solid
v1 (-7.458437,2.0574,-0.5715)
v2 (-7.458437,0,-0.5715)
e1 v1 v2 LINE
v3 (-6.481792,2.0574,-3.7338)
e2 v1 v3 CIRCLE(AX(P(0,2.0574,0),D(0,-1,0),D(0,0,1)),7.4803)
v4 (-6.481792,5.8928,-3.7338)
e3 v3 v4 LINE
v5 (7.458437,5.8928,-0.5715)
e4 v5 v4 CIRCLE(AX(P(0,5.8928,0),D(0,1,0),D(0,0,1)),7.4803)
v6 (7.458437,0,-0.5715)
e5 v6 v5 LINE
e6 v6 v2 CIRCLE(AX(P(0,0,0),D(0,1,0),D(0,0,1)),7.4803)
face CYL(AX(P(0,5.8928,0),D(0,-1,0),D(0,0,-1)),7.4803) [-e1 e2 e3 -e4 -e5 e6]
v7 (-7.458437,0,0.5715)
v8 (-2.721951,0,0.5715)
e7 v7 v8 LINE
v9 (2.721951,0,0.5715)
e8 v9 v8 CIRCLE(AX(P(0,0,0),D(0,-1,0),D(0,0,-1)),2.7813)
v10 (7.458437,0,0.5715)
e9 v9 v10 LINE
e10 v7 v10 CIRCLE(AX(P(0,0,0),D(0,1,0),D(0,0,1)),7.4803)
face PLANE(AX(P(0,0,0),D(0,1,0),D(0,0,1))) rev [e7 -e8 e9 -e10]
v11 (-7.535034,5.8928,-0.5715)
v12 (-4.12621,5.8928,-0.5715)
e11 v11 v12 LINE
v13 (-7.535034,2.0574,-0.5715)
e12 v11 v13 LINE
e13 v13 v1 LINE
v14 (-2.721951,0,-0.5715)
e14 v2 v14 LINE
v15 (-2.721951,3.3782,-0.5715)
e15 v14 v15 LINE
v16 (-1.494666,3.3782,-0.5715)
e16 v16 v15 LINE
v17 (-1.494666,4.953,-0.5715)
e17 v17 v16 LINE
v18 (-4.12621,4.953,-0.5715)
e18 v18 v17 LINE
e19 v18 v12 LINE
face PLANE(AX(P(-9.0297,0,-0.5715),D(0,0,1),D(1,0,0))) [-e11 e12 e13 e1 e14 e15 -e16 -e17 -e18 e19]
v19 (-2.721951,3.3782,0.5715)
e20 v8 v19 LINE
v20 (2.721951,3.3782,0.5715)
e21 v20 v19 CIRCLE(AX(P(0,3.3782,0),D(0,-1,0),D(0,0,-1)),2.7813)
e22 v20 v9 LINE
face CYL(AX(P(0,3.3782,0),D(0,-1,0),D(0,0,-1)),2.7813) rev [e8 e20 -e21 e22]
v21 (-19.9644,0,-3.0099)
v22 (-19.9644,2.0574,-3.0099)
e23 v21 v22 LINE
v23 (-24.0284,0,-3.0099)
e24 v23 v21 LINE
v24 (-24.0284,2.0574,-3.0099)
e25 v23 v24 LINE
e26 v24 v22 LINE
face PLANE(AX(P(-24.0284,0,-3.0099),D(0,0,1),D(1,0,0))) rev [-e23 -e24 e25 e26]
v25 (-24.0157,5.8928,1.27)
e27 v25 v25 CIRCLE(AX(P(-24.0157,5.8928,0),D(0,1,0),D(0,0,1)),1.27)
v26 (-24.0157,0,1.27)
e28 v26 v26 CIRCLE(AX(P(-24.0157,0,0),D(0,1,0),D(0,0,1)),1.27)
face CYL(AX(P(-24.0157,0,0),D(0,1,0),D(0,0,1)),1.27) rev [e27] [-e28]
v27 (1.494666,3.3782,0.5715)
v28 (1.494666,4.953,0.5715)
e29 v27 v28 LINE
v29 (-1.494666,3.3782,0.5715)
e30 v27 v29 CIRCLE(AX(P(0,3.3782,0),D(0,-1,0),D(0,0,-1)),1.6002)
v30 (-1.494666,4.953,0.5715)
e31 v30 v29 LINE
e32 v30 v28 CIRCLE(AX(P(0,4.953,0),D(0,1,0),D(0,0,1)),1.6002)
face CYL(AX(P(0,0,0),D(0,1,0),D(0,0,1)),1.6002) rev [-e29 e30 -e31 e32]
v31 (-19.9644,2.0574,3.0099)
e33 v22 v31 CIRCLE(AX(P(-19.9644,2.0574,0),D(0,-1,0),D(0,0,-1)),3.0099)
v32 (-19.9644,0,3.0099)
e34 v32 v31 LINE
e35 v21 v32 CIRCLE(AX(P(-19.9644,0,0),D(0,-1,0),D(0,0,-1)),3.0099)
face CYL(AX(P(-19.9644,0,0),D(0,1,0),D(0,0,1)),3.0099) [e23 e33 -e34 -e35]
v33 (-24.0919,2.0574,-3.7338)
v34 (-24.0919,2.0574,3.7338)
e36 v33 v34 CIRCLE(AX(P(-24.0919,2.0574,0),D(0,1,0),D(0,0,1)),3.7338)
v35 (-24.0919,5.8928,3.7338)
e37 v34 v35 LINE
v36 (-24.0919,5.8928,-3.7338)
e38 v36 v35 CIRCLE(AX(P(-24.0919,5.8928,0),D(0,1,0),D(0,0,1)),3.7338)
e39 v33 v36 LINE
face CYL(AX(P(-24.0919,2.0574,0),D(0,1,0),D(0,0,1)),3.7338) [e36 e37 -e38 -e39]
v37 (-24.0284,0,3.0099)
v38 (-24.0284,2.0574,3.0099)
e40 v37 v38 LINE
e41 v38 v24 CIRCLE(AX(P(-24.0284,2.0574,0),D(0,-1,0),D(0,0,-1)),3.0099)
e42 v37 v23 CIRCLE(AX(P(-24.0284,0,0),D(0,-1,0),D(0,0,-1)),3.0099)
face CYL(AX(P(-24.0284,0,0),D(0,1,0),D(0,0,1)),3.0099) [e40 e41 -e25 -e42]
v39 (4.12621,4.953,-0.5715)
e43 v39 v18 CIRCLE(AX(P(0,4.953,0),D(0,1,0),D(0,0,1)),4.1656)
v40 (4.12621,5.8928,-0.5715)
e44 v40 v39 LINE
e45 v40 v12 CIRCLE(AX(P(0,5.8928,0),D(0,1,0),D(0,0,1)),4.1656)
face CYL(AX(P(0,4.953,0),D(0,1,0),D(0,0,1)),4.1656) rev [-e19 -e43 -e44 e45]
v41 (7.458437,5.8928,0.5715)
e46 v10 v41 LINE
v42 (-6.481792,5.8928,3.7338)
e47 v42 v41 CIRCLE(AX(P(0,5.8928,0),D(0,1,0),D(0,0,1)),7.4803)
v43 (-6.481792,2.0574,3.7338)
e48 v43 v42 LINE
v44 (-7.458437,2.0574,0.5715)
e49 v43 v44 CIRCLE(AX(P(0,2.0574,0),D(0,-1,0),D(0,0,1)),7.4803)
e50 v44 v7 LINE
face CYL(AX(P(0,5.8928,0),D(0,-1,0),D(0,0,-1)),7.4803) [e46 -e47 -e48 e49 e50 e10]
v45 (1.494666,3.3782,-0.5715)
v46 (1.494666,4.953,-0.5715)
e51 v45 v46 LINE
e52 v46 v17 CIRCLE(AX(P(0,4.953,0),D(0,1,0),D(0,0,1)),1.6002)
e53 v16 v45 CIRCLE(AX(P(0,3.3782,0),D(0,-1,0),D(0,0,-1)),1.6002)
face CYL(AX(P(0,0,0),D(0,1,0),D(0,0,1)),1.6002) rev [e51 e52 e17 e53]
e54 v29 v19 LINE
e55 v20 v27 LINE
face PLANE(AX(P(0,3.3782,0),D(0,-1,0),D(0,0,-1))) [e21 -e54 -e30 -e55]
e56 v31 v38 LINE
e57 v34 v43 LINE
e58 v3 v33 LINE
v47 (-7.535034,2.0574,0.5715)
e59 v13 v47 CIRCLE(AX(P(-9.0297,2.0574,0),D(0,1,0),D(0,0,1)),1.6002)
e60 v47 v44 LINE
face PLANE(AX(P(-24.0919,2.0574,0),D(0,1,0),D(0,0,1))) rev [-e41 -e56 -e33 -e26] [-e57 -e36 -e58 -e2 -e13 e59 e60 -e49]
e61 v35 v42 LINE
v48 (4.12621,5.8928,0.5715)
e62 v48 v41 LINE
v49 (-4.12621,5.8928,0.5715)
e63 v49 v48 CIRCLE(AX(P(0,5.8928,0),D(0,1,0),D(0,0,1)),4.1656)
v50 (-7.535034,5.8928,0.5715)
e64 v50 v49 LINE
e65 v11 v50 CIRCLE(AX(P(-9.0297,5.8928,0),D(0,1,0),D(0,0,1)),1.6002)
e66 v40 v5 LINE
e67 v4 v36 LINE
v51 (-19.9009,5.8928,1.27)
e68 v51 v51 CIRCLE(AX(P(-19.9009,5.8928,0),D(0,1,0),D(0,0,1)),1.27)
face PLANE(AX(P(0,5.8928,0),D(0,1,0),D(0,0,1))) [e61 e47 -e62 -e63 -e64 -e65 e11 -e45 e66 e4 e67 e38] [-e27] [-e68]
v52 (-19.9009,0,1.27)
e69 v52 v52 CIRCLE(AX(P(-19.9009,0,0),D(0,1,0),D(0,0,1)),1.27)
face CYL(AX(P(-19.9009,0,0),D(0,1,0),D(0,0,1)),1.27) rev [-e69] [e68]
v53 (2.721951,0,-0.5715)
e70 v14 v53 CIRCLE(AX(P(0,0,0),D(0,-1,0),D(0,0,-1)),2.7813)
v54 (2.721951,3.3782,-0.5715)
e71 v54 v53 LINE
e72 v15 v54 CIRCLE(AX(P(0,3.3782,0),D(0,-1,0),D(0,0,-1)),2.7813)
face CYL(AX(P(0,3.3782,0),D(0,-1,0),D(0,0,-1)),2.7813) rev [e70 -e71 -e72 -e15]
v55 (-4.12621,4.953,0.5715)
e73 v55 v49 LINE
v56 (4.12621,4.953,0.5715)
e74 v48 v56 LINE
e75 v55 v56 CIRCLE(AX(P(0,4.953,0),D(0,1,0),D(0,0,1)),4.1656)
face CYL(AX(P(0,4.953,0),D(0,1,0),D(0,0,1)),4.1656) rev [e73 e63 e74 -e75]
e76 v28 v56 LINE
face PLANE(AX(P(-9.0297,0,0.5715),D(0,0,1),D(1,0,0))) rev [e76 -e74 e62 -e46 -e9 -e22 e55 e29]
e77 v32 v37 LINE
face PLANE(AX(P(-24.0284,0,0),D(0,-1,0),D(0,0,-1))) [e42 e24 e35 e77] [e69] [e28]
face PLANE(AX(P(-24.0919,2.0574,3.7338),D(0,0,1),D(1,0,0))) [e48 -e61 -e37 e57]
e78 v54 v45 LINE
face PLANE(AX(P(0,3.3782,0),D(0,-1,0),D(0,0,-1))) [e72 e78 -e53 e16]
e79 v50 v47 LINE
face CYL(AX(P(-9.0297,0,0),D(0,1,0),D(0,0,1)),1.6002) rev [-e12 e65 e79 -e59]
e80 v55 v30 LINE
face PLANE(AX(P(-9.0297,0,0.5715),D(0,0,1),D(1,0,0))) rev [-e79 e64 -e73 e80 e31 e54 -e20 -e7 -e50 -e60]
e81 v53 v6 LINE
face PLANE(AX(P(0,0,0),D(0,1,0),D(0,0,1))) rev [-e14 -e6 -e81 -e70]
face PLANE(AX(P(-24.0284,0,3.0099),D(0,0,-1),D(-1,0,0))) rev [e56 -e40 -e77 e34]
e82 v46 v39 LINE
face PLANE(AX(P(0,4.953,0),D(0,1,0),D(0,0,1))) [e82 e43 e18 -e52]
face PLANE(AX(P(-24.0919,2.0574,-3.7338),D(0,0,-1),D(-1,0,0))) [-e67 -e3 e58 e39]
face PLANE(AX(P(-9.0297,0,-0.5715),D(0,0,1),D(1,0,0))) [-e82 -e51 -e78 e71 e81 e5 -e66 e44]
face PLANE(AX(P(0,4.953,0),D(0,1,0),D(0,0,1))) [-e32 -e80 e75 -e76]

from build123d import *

# Parameters (mm, degrees)
SKETCH1_R           = 7.4803
BOSS_EXTRUDE1_DEPTH = 5.8928
SKETCH2_R           = 2.7813
CUT_EXTRUDE1_DEPTH  = 3.3782
BOSS_EXTRUDE2_DEPTH = 3.8354
BOSS_EXTRUDE3_DEPTH = 2.0574
SKETCH6_R           = 4.1656
CUT_EXTRUDE2_DEPTH  = 0.9398
SKETCH7_R           = 1.6002
SKETCH7_R_2         = 1.27
SKETCH7_W           = 18.255027212
SKETCH7_H           = 1.143
CUT_EXTRUDE3_DEPTH  = 6.8928


with BuildPart() as part:
    # Sketch1 → Boss-Extrude1 (new body)
    with BuildSketch(Plane(origin=(0, 0, 0), x_dir=(1, 0, 0), z_dir=(0, 1, 0))):
        Circle(SKETCH1_R)
    extrude(amount=BOSS_EXTRUDE1_DEPTH)

    # Sketch2 → Cut-Extrude1 (cut)
    with BuildSketch(Plane.XZ):
        Circle(SKETCH2_R)
    extrude(amount=-CUT_EXTRUDE1_DEPTH, mode=Mode.SUBTRACT)

    # Sketch4 → Boss-Extrude2 (add)
    with BuildSketch(Plane(origin=(0, 5.8928, 0), x_dir=(1, 0, 0), z_dir=(0, 1, 0))):
        with BuildLine():
            Line((-24.0919, 3.7338), (-6.481791855, 3.7338))
            ThreePointArc((-6.481791855, 3.7338), (-7.4803, 0), (-6.481791855, -3.7338))
            Line((-6.481791855, -3.7338), (-24.0919, -3.7338))
            ThreePointArc((-24.0919, -3.7338), (-27.8257, 0), (-24.0919, 3.7338))
        make_face()
    extrude(amount=-BOSS_EXTRUDE2_DEPTH)

    # Sketch5 → Boss-Extrude3 (add)
    with BuildSketch(Plane.XZ.offset(-2.0574)):
        with BuildLine():
            Line((-24.0284, 3.0099), (-19.9644, 3.0099))
            ThreePointArc((-19.9644, 3.0099), (-16.9545, 0), (-19.9644, -3.0099))
            Line((-19.9644, -3.0099), (-24.0284, -3.0099))
            ThreePointArc((-24.0284, -3.0099), (-27.0383, 0), (-24.0284, 3.0099))
        make_face()
    extrude(amount=BOSS_EXTRUDE3_DEPTH)

    # Sketch6 → Cut-Extrude2 (cut)
    with BuildSketch(Plane(origin=(0, 5.8928, 0), x_dir=(1, 0, 0), z_dir=(0, 1, 0))):
        Circle(SKETCH6_R)
    extrude(amount=-CUT_EXTRUDE2_DEPTH, mode=Mode.SUBTRACT)

    # Sketch7 → Cut-Extrude3 (cut, through all)
    with BuildSketch(Plane(origin=(0, 5.8928, 0), x_dir=(1, 0, 0), z_dir=(0, 1, 0))):
        with Locations((-9.0297, 0)):
            Circle(SKETCH7_R)
        Circle(SKETCH7_R)
        with Locations((-24.0157, 0)):
            Circle(SKETCH7_R_2)
        with Locations((-19.9009, 0)):
            Circle(SKETCH7_R_2)
        with Locations((0.097813606, 0)):
            Rectangle(SKETCH7_W, SKETCH7_H)
    extrude(amount=-CUT_EXTRUDE3_DEPTH, mode=Mode.SUBTRACT)


solid = part.part
